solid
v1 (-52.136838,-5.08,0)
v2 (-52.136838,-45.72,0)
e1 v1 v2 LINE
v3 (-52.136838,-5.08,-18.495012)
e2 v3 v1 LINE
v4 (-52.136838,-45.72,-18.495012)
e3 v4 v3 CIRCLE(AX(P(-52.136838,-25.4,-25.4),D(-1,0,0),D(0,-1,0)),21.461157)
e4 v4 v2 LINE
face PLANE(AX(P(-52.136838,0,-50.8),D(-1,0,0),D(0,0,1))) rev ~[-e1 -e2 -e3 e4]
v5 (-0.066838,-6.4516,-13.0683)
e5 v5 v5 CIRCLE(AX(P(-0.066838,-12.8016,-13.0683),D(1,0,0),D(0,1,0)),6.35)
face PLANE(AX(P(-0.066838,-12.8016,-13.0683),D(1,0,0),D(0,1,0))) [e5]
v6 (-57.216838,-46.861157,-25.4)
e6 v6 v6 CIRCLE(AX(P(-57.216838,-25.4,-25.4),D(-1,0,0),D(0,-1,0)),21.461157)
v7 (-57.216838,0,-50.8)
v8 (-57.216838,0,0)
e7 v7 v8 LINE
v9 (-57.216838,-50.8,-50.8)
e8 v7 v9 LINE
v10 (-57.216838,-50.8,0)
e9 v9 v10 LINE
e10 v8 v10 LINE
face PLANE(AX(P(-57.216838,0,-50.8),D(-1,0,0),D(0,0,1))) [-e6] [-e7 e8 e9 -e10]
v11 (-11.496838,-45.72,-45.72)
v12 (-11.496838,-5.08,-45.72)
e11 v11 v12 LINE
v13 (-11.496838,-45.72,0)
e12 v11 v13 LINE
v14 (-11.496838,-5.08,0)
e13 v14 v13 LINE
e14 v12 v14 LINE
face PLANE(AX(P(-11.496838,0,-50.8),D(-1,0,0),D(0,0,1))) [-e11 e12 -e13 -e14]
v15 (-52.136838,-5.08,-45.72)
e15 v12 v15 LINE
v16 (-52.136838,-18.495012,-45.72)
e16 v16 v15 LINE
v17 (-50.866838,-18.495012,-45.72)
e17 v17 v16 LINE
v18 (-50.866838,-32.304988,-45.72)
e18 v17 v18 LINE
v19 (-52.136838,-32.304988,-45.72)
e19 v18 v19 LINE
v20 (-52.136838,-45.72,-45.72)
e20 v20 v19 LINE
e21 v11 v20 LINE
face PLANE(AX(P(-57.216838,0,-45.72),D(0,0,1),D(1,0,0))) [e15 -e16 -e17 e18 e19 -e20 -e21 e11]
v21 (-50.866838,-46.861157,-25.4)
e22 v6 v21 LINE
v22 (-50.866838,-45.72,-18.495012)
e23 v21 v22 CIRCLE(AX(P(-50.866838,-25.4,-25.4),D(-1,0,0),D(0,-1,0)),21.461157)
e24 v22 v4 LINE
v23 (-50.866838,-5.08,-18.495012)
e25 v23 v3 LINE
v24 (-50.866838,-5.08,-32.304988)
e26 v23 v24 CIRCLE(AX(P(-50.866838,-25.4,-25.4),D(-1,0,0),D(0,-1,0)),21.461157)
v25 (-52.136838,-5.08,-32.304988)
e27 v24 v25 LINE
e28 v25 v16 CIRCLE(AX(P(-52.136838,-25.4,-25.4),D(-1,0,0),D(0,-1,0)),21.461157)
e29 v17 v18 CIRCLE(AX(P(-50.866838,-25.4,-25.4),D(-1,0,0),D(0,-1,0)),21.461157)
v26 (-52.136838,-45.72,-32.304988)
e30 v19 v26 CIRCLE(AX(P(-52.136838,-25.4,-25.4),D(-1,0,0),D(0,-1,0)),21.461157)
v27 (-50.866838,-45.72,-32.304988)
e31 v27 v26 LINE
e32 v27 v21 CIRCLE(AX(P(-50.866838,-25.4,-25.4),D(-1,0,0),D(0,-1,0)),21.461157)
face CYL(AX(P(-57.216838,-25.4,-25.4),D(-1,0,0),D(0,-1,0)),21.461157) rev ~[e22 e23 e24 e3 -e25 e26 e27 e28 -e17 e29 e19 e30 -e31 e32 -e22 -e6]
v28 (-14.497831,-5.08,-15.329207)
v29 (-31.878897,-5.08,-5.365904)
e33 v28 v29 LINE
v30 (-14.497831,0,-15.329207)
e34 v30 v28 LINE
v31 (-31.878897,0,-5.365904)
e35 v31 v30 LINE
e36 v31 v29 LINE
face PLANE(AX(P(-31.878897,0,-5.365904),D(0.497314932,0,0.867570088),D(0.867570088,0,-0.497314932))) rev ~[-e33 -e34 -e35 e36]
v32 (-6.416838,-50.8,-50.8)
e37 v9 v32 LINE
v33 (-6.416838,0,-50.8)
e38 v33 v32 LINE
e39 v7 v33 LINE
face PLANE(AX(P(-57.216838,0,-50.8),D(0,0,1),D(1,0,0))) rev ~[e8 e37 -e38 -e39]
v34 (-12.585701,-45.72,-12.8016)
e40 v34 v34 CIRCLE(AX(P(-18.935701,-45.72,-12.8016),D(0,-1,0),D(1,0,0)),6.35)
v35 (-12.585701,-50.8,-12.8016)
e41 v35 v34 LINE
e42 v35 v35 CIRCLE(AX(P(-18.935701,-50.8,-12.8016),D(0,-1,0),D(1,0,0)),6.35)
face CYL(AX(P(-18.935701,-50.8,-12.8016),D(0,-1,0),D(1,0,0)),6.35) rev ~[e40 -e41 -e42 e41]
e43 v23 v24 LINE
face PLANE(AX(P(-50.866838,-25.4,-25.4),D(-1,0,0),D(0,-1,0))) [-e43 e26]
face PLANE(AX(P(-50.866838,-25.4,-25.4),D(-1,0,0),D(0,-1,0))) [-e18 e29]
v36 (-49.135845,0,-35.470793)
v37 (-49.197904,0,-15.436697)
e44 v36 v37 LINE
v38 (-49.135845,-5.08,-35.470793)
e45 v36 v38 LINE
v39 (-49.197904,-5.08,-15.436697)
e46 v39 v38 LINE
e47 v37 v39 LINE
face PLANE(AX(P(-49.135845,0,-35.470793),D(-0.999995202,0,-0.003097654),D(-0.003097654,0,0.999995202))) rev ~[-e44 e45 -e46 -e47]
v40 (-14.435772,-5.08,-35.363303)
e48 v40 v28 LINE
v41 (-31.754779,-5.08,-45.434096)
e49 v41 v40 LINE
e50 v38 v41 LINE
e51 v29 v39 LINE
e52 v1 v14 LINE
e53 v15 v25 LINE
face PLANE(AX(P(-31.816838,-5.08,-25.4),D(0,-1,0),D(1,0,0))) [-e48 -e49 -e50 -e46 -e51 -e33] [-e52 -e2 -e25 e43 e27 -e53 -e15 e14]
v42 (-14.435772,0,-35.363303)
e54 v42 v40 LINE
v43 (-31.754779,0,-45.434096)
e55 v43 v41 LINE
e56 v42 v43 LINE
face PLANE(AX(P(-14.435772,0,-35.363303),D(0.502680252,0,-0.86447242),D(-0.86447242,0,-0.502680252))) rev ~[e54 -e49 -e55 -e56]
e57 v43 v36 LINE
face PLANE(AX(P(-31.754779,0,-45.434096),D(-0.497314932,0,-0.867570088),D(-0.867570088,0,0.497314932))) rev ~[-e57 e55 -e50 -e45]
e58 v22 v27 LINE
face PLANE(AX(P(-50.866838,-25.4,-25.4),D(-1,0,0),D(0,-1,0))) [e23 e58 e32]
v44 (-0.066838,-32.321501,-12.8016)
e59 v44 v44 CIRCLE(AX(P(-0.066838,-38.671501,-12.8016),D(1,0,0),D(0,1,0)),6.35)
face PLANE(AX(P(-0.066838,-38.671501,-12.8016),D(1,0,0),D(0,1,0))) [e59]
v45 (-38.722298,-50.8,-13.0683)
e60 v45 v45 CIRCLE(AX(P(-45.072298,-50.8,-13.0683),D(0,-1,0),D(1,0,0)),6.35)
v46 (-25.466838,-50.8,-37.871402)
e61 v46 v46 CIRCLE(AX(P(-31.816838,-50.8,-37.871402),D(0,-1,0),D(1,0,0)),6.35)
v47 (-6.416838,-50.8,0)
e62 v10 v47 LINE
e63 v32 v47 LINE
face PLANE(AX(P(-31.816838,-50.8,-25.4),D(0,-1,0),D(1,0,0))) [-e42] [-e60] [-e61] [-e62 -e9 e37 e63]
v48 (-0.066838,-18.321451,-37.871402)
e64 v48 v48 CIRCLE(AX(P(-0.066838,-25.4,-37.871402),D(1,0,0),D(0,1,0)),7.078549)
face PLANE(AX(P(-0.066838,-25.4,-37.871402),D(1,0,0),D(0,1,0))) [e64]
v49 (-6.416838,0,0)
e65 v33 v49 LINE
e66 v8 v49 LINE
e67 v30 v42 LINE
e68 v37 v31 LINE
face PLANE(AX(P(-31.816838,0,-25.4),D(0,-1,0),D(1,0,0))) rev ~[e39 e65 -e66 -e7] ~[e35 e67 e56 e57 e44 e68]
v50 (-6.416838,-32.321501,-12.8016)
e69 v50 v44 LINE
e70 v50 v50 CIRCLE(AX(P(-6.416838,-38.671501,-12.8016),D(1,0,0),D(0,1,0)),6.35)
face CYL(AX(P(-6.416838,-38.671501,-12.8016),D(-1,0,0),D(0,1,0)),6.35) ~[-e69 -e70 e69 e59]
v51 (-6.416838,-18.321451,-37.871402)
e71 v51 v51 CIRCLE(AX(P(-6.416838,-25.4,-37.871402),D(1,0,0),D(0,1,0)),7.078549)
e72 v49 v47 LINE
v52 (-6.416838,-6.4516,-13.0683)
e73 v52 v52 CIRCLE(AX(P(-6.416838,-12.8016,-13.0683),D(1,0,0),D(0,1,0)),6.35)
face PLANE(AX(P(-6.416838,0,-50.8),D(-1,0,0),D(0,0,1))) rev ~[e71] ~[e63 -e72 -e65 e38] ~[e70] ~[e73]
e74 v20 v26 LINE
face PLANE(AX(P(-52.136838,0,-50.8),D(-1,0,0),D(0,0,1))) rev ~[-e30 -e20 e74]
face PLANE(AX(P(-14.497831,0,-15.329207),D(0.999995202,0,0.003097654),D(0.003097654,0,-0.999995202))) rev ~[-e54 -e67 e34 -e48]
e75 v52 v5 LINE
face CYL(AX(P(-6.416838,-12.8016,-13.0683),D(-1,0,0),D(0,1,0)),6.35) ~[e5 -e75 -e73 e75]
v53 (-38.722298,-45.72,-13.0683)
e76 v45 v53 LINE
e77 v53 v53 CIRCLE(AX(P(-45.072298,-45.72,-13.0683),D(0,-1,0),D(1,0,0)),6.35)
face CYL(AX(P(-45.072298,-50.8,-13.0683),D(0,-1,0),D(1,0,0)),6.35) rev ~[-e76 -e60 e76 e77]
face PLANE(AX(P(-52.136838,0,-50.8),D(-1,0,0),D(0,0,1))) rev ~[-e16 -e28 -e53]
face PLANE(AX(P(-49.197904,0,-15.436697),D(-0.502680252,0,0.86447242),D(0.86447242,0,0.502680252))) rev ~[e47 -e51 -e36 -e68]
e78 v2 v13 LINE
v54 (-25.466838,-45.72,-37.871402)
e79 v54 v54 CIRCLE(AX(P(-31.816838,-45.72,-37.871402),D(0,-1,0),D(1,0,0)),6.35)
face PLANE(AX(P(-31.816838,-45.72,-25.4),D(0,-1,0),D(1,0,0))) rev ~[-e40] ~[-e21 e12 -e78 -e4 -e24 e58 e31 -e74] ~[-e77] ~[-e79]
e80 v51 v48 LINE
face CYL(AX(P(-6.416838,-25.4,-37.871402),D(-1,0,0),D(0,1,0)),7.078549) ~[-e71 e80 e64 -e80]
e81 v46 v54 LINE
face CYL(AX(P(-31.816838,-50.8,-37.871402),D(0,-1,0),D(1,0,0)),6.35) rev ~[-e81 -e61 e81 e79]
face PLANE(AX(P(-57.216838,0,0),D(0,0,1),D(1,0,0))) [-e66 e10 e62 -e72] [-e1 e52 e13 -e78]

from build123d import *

# Parameters (mm, degrees)
F0_W      = 50.8
F0_H      = 50.8
F1_DEPTH  = 50.8
F3_T      = -5.08
F5_DEPTH  = 6.35
F6_R      = 21.461157
F7_DEPTH  = 6.35
F8_R      = 6.35
F8_R_2    = 7.078549
F9_DEPTH  = 6.35
F10_R     = 6.35
F11_DEPTH = 6.35


with BuildPart() as f1:
    # F0 (on Front) → F1 (new body)
    with BuildSketch(Plane.XZ):
        with Locations((-31.816838, -25.4)):
            Rectangle(F0_W, F0_H)
    extrude(amount=F1_DEPTH)

    # F3
    f3_openings = [f1.faces().sort_by_distance(p)[0] for p in [
        (-31.816838, -25.4, 0),
    ]]
    offset(amount=F3_T, openings=f3_openings)

    # F4 (on face) → F5 (cut)
    with BuildSketch(Plane(origin=(0, 0, 0), x_dir=(-1, 0, 0), z_dir=(0, 1, 0))):
        Polygon((49.197904, -15.436697), (31.878897, -5.365904), (14.497831, -15.329207), (14.435772, -35.363303), (31.754779, -45.434096), (49.135845, -35.470793), align=None)
    extrude(amount=-F5_DEPTH, mode=Mode.SUBTRACT)

    # F6 (on face) → F7 (cut)
    with BuildSketch(Plane(origin=(-57.216838, 0, 0), x_dir=(0, -1, 0), z_dir=(-1, 0, 0))):
        with Locations((25.4, -25.4)):
            Circle(F6_R)
    extrude(amount=-F7_DEPTH, mode=Mode.SUBTRACT)

    # F8 (on face) → F9 (join)
    with BuildSketch(Plane.YZ.offset(-6.416838)):
        with Locations((-38.671501, -12.8016)):
            Circle(F8_R)
        with Locations((-12.8016, -13.0683)):
            Circle(F8_R)
        with Locations((-25.4, -37.871402)):
            Circle(F8_R_2)
    extrude(amount=F9_DEPTH)

    # F10 (on face) → F11 (cut)
    with BuildSketch(Plane.XZ.offset(50.8)):
        with Locations((-31.816838, -37.871402)):
            Circle(F10_R)
        with Locations((-18.935701, -12.8016)):
            Circle(F10_R)
        with Locations((-45.072298, -13.0683)):
            Circle(F10_R)
    extrude(amount=-F11_DEPTH, mode=Mode.SUBTRACT)


solid = f1.part
